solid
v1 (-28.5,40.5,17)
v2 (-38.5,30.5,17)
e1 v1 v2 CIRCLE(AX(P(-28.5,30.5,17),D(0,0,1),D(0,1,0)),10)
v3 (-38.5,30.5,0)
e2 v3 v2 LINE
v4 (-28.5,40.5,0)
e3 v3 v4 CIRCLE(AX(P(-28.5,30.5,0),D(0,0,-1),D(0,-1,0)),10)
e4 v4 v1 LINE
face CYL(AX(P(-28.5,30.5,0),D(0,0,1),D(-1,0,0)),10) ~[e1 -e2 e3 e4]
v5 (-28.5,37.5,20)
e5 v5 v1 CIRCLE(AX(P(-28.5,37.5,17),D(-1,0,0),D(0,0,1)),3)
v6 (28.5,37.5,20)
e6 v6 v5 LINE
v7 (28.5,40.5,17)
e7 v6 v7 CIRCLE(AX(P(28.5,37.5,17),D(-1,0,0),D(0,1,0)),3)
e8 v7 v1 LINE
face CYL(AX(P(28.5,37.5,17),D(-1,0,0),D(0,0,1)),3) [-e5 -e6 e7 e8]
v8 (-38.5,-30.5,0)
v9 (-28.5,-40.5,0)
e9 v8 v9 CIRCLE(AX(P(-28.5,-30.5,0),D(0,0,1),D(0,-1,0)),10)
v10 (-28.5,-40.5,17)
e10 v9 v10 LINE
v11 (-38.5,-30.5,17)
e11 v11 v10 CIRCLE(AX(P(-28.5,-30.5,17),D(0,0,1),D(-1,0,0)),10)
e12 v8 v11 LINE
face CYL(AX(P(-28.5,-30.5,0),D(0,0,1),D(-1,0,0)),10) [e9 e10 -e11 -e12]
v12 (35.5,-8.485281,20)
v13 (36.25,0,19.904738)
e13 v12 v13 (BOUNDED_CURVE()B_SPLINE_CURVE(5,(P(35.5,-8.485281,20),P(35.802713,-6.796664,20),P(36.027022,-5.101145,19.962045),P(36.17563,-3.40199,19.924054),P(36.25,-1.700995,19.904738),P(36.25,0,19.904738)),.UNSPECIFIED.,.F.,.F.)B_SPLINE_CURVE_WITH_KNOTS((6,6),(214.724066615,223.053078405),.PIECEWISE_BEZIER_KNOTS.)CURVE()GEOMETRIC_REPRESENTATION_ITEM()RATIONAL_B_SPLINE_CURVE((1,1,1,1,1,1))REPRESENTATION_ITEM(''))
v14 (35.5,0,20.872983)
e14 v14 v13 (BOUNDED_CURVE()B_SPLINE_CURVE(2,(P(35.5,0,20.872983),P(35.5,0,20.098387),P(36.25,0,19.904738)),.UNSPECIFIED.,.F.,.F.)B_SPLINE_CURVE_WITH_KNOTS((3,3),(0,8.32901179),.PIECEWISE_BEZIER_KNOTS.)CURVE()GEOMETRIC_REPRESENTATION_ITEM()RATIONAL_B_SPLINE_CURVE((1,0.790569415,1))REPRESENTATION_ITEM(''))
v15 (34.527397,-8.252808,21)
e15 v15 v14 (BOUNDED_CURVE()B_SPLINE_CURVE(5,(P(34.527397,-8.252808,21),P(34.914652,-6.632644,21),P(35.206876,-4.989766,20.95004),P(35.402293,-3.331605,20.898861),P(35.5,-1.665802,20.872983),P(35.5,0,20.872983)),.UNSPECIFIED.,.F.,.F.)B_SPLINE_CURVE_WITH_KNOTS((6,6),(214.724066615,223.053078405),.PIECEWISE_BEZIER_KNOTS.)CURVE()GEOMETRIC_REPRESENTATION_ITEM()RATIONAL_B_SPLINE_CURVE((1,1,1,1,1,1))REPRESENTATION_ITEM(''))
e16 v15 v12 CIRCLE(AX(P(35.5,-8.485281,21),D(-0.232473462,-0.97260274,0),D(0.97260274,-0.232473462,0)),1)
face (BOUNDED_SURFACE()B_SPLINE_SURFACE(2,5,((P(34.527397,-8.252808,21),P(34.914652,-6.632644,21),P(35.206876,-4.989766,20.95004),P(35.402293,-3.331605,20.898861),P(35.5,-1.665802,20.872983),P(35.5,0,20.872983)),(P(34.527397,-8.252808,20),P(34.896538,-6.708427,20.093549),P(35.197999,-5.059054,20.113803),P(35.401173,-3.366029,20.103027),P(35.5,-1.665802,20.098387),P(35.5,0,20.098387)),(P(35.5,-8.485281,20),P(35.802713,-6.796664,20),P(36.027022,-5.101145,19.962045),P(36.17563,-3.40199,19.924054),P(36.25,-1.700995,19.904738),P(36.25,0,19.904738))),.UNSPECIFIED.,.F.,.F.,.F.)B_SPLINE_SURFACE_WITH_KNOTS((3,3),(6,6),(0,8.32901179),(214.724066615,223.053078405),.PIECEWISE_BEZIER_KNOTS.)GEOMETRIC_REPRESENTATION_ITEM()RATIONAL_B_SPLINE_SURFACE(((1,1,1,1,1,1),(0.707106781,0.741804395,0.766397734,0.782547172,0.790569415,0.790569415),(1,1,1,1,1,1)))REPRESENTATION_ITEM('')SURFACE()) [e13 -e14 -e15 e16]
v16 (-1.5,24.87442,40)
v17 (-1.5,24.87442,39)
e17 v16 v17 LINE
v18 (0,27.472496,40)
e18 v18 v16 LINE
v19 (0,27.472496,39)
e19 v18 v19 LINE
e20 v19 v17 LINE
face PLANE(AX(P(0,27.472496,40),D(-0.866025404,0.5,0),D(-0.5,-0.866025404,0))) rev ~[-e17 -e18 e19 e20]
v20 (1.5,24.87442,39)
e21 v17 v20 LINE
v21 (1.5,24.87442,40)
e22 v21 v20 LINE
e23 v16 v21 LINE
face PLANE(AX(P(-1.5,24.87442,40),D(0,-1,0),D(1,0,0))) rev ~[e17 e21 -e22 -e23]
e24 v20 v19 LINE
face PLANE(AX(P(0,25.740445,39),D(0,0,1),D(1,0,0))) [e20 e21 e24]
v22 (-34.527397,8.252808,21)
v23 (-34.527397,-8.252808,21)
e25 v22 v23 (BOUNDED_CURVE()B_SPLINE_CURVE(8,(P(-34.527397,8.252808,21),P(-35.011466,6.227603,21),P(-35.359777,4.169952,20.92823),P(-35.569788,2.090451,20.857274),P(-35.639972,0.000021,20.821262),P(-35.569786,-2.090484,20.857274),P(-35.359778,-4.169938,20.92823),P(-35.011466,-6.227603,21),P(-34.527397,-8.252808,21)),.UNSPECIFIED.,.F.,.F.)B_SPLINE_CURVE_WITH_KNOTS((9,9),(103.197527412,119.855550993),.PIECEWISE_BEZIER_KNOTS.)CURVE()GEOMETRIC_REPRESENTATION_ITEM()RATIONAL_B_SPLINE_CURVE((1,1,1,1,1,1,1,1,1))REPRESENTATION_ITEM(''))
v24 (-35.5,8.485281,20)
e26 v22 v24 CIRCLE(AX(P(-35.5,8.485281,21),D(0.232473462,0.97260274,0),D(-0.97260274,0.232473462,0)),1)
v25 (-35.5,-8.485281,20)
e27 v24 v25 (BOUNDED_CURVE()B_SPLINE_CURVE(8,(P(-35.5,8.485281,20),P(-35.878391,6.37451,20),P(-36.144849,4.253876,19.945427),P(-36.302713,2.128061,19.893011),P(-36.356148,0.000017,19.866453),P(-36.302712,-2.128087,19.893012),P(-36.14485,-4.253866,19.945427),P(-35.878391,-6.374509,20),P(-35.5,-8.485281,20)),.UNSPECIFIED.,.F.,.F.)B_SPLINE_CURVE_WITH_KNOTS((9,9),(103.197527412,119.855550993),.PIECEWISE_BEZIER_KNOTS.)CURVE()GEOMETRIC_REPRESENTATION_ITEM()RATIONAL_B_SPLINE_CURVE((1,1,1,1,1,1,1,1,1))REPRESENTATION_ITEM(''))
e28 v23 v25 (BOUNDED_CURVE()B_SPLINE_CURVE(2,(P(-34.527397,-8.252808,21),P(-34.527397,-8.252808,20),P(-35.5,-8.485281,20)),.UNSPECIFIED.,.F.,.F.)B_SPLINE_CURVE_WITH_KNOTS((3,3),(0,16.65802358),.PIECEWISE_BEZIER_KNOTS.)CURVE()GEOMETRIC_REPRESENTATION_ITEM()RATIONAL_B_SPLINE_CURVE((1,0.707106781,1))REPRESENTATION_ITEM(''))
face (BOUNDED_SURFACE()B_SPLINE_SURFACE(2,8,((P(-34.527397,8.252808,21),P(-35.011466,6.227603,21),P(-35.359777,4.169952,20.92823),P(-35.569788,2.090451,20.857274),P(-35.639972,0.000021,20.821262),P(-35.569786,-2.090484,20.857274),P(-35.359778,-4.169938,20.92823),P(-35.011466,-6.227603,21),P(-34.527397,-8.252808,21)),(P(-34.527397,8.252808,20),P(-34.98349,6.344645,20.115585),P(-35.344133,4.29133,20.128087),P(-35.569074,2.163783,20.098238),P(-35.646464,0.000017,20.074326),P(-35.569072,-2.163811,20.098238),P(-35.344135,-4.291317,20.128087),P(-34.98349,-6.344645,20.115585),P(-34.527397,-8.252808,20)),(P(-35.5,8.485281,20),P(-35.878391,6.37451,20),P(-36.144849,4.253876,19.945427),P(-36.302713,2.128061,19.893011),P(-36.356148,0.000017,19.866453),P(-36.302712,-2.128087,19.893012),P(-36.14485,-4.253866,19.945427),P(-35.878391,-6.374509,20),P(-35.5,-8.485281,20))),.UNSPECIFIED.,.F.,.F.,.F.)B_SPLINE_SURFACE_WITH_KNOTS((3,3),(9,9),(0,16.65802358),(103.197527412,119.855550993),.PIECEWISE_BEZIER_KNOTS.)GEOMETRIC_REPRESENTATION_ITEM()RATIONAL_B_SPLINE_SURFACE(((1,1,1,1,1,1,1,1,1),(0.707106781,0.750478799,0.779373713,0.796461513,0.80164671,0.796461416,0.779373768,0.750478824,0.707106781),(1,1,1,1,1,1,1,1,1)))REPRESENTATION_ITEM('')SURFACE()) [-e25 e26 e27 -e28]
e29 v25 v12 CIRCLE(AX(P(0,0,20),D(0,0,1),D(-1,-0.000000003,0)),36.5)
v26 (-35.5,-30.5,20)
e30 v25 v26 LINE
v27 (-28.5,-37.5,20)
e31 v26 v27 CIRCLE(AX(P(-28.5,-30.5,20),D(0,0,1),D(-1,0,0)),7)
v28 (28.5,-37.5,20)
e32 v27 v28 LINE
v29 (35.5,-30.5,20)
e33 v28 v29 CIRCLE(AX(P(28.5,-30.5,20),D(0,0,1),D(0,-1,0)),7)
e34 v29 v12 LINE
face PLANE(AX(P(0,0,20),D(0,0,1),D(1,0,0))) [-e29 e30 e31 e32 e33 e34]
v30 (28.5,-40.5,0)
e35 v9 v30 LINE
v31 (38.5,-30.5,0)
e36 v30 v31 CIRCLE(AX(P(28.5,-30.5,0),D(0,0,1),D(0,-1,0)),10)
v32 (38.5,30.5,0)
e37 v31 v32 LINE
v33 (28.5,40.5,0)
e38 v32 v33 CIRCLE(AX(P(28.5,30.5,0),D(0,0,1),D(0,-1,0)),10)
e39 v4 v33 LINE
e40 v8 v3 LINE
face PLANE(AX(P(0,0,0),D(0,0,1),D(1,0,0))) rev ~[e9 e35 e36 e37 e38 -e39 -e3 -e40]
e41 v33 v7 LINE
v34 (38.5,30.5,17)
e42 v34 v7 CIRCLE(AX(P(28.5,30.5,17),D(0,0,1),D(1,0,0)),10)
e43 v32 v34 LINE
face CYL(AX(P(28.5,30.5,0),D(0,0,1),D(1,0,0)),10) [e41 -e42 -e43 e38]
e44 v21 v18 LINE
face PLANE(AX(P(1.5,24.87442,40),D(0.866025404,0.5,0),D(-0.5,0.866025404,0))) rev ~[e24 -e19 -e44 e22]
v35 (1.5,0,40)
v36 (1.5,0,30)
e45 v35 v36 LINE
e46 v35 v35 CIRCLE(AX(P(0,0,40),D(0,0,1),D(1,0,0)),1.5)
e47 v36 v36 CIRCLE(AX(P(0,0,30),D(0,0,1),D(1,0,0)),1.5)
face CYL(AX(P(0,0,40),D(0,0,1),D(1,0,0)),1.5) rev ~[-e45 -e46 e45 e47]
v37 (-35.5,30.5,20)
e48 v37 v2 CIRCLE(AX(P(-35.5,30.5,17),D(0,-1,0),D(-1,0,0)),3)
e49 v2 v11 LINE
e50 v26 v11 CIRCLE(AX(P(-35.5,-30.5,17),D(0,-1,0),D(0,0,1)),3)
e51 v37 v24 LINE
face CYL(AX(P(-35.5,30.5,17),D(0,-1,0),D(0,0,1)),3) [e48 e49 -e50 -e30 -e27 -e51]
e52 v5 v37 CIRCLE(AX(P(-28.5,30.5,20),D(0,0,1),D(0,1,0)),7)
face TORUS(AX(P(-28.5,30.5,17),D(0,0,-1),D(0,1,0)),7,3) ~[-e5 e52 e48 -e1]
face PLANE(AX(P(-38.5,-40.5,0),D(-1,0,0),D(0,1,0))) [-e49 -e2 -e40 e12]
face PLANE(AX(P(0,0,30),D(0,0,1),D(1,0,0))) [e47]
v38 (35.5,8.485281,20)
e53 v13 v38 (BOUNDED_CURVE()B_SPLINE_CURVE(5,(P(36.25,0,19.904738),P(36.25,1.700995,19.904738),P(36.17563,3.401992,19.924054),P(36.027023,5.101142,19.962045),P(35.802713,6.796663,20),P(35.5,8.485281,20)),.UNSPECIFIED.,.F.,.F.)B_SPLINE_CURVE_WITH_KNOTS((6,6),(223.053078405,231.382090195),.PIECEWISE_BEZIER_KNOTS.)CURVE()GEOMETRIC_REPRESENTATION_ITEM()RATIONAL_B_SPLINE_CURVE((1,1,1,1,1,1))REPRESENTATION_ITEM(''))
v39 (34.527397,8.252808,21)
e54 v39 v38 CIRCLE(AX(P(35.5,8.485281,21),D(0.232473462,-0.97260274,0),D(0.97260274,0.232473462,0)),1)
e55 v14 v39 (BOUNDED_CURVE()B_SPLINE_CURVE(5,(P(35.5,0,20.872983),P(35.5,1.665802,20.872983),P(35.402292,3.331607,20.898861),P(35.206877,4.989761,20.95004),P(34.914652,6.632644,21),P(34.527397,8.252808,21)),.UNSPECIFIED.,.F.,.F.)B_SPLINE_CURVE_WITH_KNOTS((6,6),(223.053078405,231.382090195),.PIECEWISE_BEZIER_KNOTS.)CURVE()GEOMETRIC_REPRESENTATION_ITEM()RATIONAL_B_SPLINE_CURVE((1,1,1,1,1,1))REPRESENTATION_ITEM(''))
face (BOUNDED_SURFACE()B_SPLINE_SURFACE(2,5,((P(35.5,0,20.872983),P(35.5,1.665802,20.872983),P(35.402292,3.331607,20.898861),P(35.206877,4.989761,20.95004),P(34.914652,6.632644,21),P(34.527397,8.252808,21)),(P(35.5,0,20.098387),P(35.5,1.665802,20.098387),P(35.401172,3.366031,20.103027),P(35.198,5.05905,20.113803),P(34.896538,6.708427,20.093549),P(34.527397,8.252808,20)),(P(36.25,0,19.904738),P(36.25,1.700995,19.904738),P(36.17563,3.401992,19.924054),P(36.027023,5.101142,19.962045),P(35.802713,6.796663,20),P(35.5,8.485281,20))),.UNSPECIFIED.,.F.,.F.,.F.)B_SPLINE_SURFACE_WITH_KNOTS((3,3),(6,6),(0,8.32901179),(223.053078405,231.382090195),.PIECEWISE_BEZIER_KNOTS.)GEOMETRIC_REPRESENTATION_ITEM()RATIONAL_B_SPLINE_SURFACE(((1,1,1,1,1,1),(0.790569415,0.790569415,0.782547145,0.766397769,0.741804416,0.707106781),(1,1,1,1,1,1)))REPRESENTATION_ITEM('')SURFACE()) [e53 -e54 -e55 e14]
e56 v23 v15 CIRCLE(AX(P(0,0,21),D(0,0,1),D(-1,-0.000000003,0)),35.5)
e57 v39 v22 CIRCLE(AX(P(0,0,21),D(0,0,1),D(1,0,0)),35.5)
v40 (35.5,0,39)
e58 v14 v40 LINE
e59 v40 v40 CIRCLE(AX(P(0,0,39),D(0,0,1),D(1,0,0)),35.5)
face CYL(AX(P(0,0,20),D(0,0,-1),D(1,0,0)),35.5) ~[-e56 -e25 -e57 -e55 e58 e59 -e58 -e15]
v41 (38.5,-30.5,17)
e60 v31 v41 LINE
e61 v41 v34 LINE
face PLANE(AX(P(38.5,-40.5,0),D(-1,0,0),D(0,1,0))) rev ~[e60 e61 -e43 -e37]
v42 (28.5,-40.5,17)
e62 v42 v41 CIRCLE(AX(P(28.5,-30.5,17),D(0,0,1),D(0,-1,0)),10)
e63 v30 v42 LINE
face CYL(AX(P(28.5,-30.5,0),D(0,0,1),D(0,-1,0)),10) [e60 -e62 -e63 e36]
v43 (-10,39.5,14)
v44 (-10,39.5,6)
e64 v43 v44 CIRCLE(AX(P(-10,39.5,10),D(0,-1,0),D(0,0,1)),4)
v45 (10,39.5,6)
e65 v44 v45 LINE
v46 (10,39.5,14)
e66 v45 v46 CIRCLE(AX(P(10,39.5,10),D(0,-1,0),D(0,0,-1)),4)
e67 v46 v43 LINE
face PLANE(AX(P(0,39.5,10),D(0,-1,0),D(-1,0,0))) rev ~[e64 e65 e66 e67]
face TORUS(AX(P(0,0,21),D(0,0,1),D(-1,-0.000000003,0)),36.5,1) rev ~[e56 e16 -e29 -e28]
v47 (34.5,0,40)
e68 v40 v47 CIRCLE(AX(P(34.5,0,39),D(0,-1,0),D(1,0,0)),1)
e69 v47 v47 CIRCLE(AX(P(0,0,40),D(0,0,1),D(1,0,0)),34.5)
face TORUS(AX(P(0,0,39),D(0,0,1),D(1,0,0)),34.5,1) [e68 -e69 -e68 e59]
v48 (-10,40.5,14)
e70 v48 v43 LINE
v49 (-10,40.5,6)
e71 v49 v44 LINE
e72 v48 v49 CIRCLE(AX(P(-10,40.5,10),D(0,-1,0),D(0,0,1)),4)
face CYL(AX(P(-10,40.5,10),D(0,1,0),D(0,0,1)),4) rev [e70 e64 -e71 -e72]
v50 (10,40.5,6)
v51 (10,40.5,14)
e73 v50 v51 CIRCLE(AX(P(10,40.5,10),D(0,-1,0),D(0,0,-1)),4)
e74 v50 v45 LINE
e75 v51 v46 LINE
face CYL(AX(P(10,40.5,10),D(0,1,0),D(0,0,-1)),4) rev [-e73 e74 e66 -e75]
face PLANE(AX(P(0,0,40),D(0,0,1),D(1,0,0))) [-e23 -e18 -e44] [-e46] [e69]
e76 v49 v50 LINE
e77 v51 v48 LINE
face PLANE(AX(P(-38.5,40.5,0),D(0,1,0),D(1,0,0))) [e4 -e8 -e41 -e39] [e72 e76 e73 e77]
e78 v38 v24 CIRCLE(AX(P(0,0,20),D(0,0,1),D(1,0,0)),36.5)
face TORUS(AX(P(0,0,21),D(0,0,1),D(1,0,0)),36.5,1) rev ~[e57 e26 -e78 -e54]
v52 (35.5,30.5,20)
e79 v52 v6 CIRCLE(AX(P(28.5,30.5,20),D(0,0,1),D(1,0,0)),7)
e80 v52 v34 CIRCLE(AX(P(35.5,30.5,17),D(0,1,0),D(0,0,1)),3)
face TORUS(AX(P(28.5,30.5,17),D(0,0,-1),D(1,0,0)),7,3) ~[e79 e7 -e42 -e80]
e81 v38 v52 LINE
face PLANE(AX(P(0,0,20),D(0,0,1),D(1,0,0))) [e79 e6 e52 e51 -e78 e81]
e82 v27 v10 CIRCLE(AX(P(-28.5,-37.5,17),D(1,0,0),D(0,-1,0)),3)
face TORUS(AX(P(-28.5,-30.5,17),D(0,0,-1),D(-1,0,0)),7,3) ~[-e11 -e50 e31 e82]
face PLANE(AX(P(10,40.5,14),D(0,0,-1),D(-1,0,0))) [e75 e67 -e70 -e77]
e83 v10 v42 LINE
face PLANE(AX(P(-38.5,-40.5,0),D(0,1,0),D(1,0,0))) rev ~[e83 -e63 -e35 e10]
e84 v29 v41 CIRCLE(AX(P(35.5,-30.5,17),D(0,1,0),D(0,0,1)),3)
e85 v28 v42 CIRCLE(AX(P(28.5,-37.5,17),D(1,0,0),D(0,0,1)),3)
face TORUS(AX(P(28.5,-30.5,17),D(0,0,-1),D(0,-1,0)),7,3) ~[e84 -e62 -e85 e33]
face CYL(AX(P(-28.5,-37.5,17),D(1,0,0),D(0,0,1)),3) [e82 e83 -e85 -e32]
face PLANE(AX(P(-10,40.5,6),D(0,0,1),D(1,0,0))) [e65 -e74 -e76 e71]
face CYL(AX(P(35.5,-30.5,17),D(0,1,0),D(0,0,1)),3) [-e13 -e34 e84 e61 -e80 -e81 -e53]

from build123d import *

# Parameters (mm, degrees)
SKETCH_1_W          = 77
SKETCH_1_H          = 81
EXTRUDE_1_DEPTH     = 20
FILLET_1_R          = 10
FILLET_2_R          = 3
SKETCH_3_R          = 35.5
EXTRUDE_2_DEPTH     = 20
FILLET_3_R          = 1
SKETCH_4_R          = 1.5
CUT_EXTRUDE_1_DEPTH = 10
CUT_EXTRUDE_2_DEPTH = 1
CUT_EXTRUDE_3_DEPTH = 1


with BuildPart() as part:
    # 草图1 → 凸台-拉伸1 (new body)
    with BuildSketch(Plane.XY):
        Rectangle(SKETCH_1_W, SKETCH_1_H)
    extrude(amount=EXTRUDE_1_DEPTH)

    # 圆角1
    fillet_1_edges = [part.edges().sort_by_distance(p)[0] for p in [
        (38.5, -40.5, 10),
        (-38.5, -40.5, 10),
        (-38.5, 40.5, 10),
        (38.5, 40.5, 10),
    ]]
    fillet(fillet_1_edges, radius=FILLET_1_R)

    # 圆角2
    fillet_2_edges = [part.edges().sort_by_distance(p)[0] for p in [
        (38.5, 0, 20),
        (0, -40.5, 20),
        (0, 40.5, 20),
        (-38.5, 0, 20),
        (-35.571067812, 37.571067812, 20),
        (-35.571067812, -37.571067812, 20),
        (35.571067812, 37.571067812, 20),
        (35.571067812, -37.571067812, 20),
    ]]
    fillet(fillet_2_edges, radius=FILLET_2_R)

    # 草图3 → 凸台-拉伸2 (add)
    with BuildSketch(Plane.XY.offset(20)):
        Circle(SKETCH_3_R)
    extrude(amount=EXTRUDE_2_DEPTH)

    # 圆角3
    fillet_3_edges = [part.edges().sort_by_distance(p)[0] for p in [
        (4e-08, 35.5, 20),
        (-4e-08, -35.5, 20),
        (-35.5, 0, 40),
    ]]
    fillet(fillet_3_edges, radius=FILLET_3_R)

    # 草图4 → 切除-拉伸1 (cut)
    with BuildSketch(Plane.XY.offset(40)):
        Circle(SKETCH_4_R)
    extrude(amount=-CUT_EXTRUDE_1_DEPTH, mode=Mode.SUBTRACT)

    # 草图5 → 切除-拉伸2 (cut)
    with BuildSketch(Plane(origin=(0, 40.5, 0), x_dir=(1, 0, 0), z_dir=(0, 1, 0))):
        with BuildLine():
            Line((-10, -6), (10, -6))
            ThreePointArc((10, -6), (14, -10), (10, -14))
            Line((10, -14), (-10, -14))
            ThreePointArc((-10, -14), (-14, -10), (-10, -6))
        make_face()
    extrude(amount=-CUT_EXTRUDE_2_DEPTH, mode=Mode.SUBTRACT)

    # 草图6 → 切除-拉伸3 (cut)
    with BuildSketch(Plane.XY.offset(40)):
        Polygon((0, 27.472496233), (-1.5, 24.874420022), (1.5, 24.874420022), align=None)
    extrude(amount=-CUT_EXTRUDE_3_DEPTH, mode=Mode.SUBTRACT)


solid = part.part
